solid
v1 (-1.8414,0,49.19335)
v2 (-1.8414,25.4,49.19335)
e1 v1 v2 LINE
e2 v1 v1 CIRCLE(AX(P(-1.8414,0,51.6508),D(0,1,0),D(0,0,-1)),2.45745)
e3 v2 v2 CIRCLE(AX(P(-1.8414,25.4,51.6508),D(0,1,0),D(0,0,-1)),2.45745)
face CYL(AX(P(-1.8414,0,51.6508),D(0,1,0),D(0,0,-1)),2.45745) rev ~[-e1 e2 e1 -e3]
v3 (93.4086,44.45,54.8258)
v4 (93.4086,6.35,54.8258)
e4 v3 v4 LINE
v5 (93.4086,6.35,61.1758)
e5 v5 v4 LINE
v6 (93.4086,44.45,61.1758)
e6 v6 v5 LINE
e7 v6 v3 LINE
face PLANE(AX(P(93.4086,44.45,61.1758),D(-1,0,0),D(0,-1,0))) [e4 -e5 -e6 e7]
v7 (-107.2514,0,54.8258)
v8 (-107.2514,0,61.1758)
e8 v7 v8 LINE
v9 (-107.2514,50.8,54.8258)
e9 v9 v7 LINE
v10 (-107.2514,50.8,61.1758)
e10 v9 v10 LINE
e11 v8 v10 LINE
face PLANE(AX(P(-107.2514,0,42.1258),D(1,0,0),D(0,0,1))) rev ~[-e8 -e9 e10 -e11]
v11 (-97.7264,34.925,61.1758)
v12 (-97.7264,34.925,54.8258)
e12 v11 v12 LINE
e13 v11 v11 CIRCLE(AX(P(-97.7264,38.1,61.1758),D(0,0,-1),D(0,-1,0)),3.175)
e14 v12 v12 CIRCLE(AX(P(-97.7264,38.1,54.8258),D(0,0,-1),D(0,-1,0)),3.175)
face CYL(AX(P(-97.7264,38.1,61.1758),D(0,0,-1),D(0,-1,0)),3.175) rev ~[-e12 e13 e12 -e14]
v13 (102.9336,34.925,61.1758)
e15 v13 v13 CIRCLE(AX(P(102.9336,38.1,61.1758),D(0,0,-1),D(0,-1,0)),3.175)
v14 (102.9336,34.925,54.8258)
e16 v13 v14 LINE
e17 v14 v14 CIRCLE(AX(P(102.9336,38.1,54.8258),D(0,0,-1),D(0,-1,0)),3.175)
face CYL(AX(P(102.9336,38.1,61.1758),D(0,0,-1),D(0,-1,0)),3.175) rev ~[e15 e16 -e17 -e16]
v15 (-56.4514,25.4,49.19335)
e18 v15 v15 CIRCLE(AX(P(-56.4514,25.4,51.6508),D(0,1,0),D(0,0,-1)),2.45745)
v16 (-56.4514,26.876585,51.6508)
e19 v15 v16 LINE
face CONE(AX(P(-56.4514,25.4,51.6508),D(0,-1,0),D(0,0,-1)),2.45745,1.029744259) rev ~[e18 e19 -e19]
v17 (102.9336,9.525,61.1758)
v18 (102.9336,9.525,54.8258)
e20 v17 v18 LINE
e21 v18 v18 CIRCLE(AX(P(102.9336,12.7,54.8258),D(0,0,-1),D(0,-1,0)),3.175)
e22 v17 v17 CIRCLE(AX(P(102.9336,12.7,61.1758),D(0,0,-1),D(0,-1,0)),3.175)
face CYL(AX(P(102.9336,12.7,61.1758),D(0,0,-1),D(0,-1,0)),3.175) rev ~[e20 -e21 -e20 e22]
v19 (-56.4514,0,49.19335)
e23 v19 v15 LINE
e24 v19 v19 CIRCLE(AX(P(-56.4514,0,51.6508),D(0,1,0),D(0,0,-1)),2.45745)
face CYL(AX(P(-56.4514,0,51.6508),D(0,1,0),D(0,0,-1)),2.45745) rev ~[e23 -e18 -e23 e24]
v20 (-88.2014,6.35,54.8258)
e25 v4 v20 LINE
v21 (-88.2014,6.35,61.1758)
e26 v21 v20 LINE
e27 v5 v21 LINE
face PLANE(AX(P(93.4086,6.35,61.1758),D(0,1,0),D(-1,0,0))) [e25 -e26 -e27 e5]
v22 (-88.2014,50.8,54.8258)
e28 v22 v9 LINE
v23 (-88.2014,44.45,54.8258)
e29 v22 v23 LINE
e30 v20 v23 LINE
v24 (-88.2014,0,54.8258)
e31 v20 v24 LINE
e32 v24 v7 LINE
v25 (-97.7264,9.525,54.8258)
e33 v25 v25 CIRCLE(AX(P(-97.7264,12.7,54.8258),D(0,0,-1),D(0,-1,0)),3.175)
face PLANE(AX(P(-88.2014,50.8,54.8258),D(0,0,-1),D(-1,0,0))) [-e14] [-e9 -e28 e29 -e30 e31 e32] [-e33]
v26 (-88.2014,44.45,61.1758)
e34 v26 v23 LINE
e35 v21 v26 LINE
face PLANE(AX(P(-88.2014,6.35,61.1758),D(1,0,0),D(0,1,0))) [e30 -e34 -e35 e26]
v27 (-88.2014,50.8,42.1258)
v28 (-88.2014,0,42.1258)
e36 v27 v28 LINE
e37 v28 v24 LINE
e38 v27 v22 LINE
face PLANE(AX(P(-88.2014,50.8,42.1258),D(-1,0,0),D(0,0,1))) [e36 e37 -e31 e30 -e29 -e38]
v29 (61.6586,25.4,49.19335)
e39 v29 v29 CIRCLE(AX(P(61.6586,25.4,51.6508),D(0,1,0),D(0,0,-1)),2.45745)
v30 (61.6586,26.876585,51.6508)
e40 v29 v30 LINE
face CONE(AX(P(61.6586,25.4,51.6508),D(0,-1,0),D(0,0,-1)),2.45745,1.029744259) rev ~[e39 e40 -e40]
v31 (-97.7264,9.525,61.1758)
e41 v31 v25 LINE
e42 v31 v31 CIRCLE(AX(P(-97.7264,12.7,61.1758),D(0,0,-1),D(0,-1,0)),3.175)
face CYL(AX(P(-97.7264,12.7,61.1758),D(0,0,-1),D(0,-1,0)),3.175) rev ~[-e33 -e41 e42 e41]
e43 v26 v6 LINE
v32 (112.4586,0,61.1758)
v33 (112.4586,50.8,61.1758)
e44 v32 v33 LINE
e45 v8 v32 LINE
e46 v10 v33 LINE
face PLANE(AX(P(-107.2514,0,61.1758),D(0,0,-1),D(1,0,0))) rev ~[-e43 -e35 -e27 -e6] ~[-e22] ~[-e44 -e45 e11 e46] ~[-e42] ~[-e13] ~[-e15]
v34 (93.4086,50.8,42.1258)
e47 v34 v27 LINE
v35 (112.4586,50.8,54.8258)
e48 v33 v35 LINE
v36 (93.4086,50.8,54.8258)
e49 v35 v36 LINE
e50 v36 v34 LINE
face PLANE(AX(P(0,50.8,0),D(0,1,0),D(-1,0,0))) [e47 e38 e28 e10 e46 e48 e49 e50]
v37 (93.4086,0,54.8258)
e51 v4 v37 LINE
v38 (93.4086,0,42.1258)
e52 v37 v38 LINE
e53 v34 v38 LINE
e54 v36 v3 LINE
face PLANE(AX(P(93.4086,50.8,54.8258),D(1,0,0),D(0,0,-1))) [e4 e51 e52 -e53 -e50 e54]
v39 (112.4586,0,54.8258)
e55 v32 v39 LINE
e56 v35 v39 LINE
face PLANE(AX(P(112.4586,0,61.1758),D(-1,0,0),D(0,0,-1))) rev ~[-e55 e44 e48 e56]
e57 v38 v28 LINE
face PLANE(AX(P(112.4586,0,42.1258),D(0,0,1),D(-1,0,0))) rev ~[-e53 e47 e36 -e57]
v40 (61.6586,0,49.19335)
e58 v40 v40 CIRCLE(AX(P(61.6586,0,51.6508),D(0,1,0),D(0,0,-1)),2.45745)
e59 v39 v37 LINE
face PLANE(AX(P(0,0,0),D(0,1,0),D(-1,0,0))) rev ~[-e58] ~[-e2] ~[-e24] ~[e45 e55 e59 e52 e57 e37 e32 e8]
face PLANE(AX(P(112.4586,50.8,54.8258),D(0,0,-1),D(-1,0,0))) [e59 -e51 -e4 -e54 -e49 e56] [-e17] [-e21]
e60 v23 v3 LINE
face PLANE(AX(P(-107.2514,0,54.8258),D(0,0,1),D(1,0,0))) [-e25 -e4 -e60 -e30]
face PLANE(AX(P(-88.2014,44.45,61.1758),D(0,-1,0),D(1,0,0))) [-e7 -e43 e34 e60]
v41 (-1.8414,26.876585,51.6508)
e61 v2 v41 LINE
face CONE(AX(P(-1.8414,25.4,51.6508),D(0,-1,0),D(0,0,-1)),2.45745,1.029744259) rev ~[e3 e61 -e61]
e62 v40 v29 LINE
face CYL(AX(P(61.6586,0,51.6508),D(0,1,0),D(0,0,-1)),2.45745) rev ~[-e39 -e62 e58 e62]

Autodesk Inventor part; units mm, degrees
ref_plane "YZ Plane" through (0, 0, 0) normal (1, 0, 0) x (0, 1, 0)
ref_plane "XZ Plane" through (0, 0, 0) normal (0, 1, 0) x (-1, 0, 0)
ref_plane "XY Plane" through (0, 0, 0) normal (0, 0, 1) x (1, 0, 0)
sketch "Sketch1" plane through (0, 0, 0) normal (0, 1, 0) x (-1, 0, 0)
  line L0 (107.2514, 61.1758) -> (-112.4586, 61.1758)
  line L1 (-112.4586, 61.1758) -> (-112.4586, 42.1258)
  line L2 (-112.4586, 42.1258) -> (107.2514, 42.1258)
  line L3 (107.2514, 42.1258) -> (107.2514, 61.1758)
  point P0 (0, 0)
  dimension "d0" = 219.71
  dimension "d1" = 19.05
extrude "Extrusion1" add sketch "Sketch1" along normal blind 50.8
sketch "Sketch2" plane through (-107.2514, 0, 61.1758) normal (0, 0, 1) x (1, 0, 0)
  line L0 (0, 0) -> (219.71, 0) projected
  line L1 (0, 50.8) -> (219.71, 50.8) projected
  line L2 (0, 0) -> (0, 50.8) projected
  line L3 (219.71, 0) -> (219.71, 50.8) projected
  point P0 (107.2514, 0)
  point P1 (9.525, 38.1)
  point P2 (9.525, 12.7)
  point P3 (210.185, 12.7)
  point P4 (210.185, 38.1)
  dimension "d4" = 0
  dimension "d5" = 0
  dimension "d6" = 0
  dimension "d7" = 0
  dimension "d8" = 12.7
  dimension "d9" = 12.7
  dimension "d10" = 9.525
  dimension "d11" = 9.525
hole "Hole1" at (-97.7264, 38.1, 61.1758) at (-97.7264, 12.7, 61.1758) at (102.9336, 12.7, 61.1758) at (102.9336, 38.1, 61.1758) direction (0, 0, -1) diameter 6.35 end through all
sketch "Sketch3" plane through (-107.2514, 0, 61.1758) normal (0, 0, 1) x (1, 0, 0)
  line L0 (19.05, 44.45) -> (200.66, 44.45)
  line L1 (200.66, 44.45) -> (200.66, 6.35)
  line L2 (200.66, 6.35) -> (19.05, 6.35)
  line L3 (19.05, 6.35) -> (19.05, 44.45)
  line L4 (0, 0) -> (0, 50.8) projected
  line L5 (219.71, 0) -> (219.71, 50.8) projected
  line L6 (219.71, 50.8) -> (0, 50.8) projected
  line L7 (0, 0) -> (219.71, 0) projected
  point P0 (107.2514, 0)
  dimension "d19" = 19.05
  dimension "d20" = 19.05
  dimension "d21" = 6.35
  dimension "d22" = 6.35
extrude "Extrusion2" cut sketch "Sketch3" against normal blind 6.35 contours L0 L1 L2 L3
sketch "Sketch6" plane through (0, 50.8, 0) normal (0, 1, 0) x (1, 0, 0)
  line L0 (-88.2014, -54.8258) -> (-107.2514, -54.8258)
  line L1 (-107.2514, -54.8258) -> (-107.2514, -42.1258)
  line L2 (-107.2514, -42.1258) -> (-88.2014, -42.1258)
  line L3 (-88.2014, -42.1258) -> (-88.2014, -54.8258)
  line L4 (112.4586, -42.1258) -> (-107.2514, -42.1258) projected
  line L5 (-107.2514, -42.1258) -> (-107.2514, -61.1758) projected
  line L6 (112.4586, -54.8258) -> (93.4086, -54.8258)
  line L7 (93.4086, -54.8258) -> (93.4086, -42.1258)
  line L8 (93.4086, -42.1258) -> (112.4586, -42.1258)
  line L9 (112.4586, -42.1258) -> (112.4586, -54.8258)
  line L10 (112.4586, -61.1758) -> (112.4586, -42.1258) projected
  line L11 (-107.2514, -61.1758) -> (112.4586, -61.1758) projected
  point P0 (0, 0)
  dimension "d25" = 0
  dimension "d26" = 12.7
  dimension "d27" = 0
  dimension "d28" = 19.05
  dimension "d32" = 19.05
  dimension "d33" = 0
  dimension "d34" = 6.35
extrude "Extrusion3" cut sketch "Sketch6" against normal blind 76.2 contours L0 L1 L2 L3 | L4 L9 L6 L7
sketch "Sketch7" plane through (0, 0, 0) normal (0, -1, 0) x (1, 0, 0)
  line L0 (112.4586, 61.1758) -> (112.4586, 54.8258) projected
  line L1 (93.4086, 42.1258) -> (-88.2014, 42.1258) projected
  line L2 (-107.2514, 54.8258) -> (-107.2514, 61.1758) projected
  point P0 (0, 0)
  point P1 (61.6586, 51.6508)
  point P2 (-56.4514, 51.6508)
  dimension "d37" = 50.8
  dimension "d38" = 9.525
  dimension "d39" = 50.8
  dimension "d40" = 9.525
hole "Hole2" at (61.6586, 0, 51.6508) at (-56.4514, 0, 51.6508) direction (0, 1, 0) diameter 4.9149 depth 25.4 tip angle 118
sketch "Sketch8" plane through (0, 0, 0) normal (0, -1, 0) x (1, 0, 0)
  line L0 (112.4586, 61.1758) -> (112.4586, 54.8258) projected
  line L1 (93.4086, 42.1258) -> (-88.2014, 42.1258) projected
  point P0 (0, 0)
  point P1 (-1.8414, 51.6508)
  point P2 (-1.8414, 51.6508)
  dimension "d48" = 114.3
  dimension "d49" = 9.525
hole "Hole3" at (-1.8414, 0, 51.6508) direction (0, 1, 0) diameter 4.9149 depth 25.4 tip angle 118
properties part number "BottomWall"
